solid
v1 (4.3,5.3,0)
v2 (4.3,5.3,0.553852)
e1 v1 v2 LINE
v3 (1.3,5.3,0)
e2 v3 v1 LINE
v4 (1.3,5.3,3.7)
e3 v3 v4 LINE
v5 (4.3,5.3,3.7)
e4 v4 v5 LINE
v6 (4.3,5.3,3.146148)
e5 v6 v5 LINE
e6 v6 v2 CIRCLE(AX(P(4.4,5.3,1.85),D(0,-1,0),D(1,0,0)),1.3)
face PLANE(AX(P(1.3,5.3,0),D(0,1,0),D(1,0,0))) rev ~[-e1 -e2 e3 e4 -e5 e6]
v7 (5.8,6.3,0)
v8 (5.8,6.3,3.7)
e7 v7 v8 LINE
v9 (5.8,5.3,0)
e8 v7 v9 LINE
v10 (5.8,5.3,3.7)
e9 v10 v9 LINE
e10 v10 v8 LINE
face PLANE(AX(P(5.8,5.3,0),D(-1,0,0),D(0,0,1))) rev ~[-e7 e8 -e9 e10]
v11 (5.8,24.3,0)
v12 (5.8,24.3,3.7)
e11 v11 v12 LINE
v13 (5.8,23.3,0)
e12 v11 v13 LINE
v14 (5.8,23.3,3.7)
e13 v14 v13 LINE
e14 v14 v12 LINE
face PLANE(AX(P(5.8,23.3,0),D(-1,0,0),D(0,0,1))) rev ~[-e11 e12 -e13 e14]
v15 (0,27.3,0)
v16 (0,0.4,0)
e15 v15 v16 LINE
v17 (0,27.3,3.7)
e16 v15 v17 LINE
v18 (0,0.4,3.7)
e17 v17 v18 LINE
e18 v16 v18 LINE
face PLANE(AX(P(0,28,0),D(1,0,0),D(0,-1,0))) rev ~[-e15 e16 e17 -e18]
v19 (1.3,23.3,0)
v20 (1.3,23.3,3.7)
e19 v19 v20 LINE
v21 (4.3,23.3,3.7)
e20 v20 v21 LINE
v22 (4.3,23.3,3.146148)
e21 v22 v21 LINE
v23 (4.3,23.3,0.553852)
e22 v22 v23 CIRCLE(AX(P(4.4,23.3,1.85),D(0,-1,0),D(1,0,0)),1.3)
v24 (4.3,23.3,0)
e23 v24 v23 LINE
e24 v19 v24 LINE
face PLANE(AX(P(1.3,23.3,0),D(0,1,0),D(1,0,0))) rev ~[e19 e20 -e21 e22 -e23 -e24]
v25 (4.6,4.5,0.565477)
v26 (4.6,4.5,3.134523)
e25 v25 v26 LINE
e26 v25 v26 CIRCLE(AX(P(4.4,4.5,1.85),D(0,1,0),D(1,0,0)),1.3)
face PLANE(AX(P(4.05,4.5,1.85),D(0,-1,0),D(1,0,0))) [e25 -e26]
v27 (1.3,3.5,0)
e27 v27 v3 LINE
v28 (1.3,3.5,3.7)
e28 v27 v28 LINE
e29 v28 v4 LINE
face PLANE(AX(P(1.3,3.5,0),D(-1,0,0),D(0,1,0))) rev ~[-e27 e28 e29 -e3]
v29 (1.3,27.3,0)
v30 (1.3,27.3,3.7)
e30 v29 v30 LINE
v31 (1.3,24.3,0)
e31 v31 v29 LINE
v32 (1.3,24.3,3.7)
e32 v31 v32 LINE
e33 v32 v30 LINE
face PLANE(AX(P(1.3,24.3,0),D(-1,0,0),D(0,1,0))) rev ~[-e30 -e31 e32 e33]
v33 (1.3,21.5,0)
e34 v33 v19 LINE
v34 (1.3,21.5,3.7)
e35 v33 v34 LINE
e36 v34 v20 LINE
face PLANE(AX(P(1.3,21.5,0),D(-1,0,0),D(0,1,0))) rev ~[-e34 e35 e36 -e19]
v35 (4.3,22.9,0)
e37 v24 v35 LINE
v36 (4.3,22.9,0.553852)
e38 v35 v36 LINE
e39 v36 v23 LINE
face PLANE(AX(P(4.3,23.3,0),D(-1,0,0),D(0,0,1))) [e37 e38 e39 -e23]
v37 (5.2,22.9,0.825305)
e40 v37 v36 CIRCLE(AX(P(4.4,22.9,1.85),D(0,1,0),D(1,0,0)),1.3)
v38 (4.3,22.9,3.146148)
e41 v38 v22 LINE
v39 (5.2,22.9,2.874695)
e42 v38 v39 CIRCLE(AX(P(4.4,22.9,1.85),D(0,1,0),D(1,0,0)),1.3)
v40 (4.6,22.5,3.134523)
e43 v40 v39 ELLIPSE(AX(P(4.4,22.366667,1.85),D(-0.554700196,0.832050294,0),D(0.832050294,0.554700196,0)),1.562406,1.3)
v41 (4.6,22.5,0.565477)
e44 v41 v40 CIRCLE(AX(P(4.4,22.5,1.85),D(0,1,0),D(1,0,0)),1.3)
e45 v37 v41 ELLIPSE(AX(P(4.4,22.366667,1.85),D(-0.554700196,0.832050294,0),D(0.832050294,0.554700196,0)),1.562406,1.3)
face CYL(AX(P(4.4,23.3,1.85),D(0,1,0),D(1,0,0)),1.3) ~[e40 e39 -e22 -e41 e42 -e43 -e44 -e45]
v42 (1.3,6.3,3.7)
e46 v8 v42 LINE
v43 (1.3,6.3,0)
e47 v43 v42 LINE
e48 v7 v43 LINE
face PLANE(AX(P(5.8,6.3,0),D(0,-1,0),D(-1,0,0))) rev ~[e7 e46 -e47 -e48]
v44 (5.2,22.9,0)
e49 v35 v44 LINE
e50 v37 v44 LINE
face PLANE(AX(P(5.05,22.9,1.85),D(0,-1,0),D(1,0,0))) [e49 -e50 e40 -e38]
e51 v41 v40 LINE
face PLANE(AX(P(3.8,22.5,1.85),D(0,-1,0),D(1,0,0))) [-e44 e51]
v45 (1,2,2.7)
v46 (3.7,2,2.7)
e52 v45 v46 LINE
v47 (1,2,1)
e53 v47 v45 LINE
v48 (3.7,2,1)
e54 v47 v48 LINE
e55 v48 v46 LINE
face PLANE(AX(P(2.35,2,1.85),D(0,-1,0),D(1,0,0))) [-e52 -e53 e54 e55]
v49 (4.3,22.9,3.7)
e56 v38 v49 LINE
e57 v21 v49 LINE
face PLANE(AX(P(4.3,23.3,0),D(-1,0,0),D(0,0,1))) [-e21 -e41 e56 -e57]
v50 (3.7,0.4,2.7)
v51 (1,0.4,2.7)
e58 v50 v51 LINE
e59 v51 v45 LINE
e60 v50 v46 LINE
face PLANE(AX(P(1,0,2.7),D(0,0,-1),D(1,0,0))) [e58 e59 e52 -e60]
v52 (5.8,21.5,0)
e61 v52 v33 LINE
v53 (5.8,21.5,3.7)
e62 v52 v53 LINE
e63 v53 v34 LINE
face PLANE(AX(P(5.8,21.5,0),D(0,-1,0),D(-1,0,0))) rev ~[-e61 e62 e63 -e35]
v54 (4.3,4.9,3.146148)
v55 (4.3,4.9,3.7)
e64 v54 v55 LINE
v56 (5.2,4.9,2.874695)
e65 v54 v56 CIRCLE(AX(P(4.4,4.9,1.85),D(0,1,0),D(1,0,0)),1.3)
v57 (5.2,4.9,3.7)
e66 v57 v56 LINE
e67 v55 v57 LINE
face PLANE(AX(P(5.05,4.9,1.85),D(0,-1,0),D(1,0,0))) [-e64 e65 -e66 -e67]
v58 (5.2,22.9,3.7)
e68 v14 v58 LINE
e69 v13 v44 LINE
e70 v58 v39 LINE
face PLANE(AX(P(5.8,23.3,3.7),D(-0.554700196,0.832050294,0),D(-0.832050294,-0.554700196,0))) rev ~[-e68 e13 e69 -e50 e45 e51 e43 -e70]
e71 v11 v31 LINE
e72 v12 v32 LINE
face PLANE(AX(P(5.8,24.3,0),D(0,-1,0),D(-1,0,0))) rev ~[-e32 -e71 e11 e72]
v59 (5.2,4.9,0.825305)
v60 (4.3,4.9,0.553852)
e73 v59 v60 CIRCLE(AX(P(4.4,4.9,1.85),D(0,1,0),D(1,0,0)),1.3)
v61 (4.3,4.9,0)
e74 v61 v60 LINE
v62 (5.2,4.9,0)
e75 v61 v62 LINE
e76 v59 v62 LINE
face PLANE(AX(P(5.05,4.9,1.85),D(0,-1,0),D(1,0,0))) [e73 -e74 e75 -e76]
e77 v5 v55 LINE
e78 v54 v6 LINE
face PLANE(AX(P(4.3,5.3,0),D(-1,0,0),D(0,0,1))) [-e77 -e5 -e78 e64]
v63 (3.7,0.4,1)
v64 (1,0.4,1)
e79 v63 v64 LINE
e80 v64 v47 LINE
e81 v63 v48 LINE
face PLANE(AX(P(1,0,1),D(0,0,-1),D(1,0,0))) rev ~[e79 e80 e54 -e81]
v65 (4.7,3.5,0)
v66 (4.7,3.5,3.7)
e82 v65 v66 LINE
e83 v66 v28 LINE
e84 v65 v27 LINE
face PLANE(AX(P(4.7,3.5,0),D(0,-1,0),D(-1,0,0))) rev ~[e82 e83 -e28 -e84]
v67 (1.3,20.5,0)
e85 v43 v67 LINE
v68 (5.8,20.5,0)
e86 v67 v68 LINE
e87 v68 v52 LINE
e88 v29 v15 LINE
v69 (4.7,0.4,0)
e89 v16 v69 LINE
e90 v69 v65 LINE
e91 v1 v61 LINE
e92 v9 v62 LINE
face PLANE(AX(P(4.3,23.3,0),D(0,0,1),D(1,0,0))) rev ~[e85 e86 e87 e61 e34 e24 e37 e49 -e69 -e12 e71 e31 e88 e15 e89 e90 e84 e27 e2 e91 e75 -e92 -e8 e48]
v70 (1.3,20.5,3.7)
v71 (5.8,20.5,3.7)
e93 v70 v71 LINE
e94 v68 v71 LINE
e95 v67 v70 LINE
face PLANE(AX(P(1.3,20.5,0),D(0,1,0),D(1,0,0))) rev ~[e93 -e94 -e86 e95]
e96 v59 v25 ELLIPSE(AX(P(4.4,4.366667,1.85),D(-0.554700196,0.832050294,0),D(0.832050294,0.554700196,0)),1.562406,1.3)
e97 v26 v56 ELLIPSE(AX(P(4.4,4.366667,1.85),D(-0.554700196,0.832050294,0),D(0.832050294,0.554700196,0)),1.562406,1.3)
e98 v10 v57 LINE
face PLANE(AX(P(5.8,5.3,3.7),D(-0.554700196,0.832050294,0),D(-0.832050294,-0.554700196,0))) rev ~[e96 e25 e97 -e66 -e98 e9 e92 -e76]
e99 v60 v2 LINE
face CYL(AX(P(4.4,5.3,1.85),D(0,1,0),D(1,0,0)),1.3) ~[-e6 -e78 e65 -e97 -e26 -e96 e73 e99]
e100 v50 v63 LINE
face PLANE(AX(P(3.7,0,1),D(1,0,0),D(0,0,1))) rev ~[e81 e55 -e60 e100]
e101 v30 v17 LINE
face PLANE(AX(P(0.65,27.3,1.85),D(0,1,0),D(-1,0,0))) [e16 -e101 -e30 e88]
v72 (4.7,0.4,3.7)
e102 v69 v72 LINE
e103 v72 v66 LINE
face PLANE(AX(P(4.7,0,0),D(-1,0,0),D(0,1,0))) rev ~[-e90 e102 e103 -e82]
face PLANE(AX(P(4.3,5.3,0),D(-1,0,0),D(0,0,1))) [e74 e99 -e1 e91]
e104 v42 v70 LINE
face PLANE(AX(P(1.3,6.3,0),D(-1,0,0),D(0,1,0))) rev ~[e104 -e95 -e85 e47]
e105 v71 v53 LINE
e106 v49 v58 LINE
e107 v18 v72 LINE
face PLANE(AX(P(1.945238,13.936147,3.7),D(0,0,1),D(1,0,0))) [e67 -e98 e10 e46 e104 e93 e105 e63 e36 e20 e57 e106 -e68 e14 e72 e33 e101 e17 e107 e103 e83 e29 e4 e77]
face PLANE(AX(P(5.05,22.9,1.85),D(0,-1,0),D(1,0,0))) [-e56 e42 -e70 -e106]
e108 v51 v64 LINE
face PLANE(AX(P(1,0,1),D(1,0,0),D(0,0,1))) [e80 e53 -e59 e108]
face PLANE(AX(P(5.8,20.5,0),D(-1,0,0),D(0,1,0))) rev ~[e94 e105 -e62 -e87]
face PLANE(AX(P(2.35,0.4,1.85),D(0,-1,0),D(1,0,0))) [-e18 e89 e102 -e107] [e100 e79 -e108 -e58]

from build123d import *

# Parameters (mm, degrees)
PAD_DEPTH       = 3.7
SKETCH001_W     = 2.7
SKETCH001_H     = 1.7
POCKET_DEPTH    = 2
SKETCH002_R     = 1.3
PAD001_DEPTH    = 1
SKETCH003_W     = 1.5
SKETCH003_H     = 3.7
PAD002_DEPTH    = 0.4
POCKET001_DEPTH = 5
SKETCH005_R     = 1.3
PAD003_DEPTH    = 1
SKETCH006_W     = 1.5
SKETCH006_H     = 3.7
PAD004_DEPTH    = 0.4
POCKET002_DEPTH = 5
SKETCH008_W     = 4.7
SKETCH008_H     = 3.7
POCKET003_DEPTH = 0.4
SKETCH009_W     = 1.3
SKETCH009_H     = 3.7
POCKET004_DEPTH = 0.7
SKETCH010_W     = 2.5
SKETCH010_H     = 3.592296
POCKET005_DEPTH = 0.2
SKETCH011_W     = 2
SKETCH011_H     = 3.592296
POCKET006_DEPTH = 0.2


with BuildPart() as part:
    # Sketch → Pad (new body)
    with BuildSketch(Plane.XY):
        Polygon((0, 28), (0, 0), (4.7, 0), (4.7, 3.5), (1.3, 3.5), (1.3, 5.3), (5.8, 5.3), (5.8, 6.3), (1.3, 6.3), (1.3, 20.5), (5.8, 20.5), (5.8, 21.5), (1.3, 21.5), (1.3, 23.3), (5.8, 23.3), (5.8, 24.3), (1.3, 24.3), (1.3, 28), align=None)
    extrude(amount=PAD_DEPTH)

    # Sketch001 → Pocket (cut)
    with BuildSketch(Plane.XZ):
        with Locations((2.35, 1.85)):
            Rectangle(SKETCH001_W, SKETCH001_H)
    extrude(amount=-POCKET_DEPTH, mode=Mode.SUBTRACT)

    # Sketch002 → Pad001 (new body)
    with BuildSketch(Plane.XZ.offset(-5.3)):
        with Locations((4.4, 1.85)):
            Circle(SKETCH002_R)
    extrude(amount=PAD001_DEPTH)

    # Sketch003 → Pad002 (new body)
    with BuildSketch(Plane.XZ.offset(-5.3)):
        with Locations((5.05, 1.85)):
            Rectangle(SKETCH003_W, SKETCH003_H)
    extrude(amount=PAD002_DEPTH)

    # Sketch004 → Pocket001 (cut)
    with BuildSketch(Plane.XY.offset(3.7)):
        Polygon((5.8, 5.3), (4.3, 4.3), (5.8, 4.3), align=None)
    extrude(amount=-POCKET001_DEPTH, mode=Mode.SUBTRACT)

    # Sketch005 → Pad003 (new body)
    with BuildSketch(Plane.XZ.offset(-23.3)):
        with Locations((4.4, 1.85)):
            Circle(SKETCH005_R)
    extrude(amount=PAD003_DEPTH)

    # Sketch006 → Pad004 (new body)
    with BuildSketch(Plane.XZ.offset(-23.3)):
        with Locations((5.05, 1.85)):
            Rectangle(SKETCH006_W, SKETCH006_H)
    extrude(amount=PAD004_DEPTH)

    # Sketch007 → Pocket002 (cut)
    with BuildSketch(Plane.XY.offset(3.7)):
        Polygon((5.8, 23.3), (4.3, 22.3), (5.8, 22.3), align=None)
    extrude(amount=-POCKET002_DEPTH, mode=Mode.SUBTRACT)

    # Sketch008 → Pocket003 (cut)
    with BuildSketch(Plane.XZ):
        with Locations((2.35, 1.85)):
            Rectangle(SKETCH008_W, SKETCH008_H)
    extrude(amount=-POCKET003_DEPTH, mode=Mode.SUBTRACT)

    # Sketch009 → Pocket004 (cut)
    with BuildSketch(Plane(origin=(0, 28, 0), x_dir=(-1, 0, 0), z_dir=(0, 1, 0))):
        with Locations((-0.65, 1.85)):
            Rectangle(SKETCH009_W, SKETCH009_H)
    extrude(amount=-POCKET004_DEPTH, mode=Mode.SUBTRACT)

    # Sketch010 → Pocket005 (cut)
    with BuildSketch(Plane.XZ.offset(-4.3)):
        with Locations((4.05, 1.85)):
            Rectangle(SKETCH010_W, SKETCH010_H)
    extrude(amount=-POCKET005_DEPTH, mode=Mode.SUBTRACT)

    # Sketch011 → Pocket006 (cut)
    with BuildSketch(Plane.XZ.offset(-22.3)):
        with Locations((3.8, 1.85)):
            Rectangle(SKETCH011_W, SKETCH011_H)
    extrude(amount=-POCKET006_DEPTH, mode=Mode.SUBTRACT)


solid = part.part
